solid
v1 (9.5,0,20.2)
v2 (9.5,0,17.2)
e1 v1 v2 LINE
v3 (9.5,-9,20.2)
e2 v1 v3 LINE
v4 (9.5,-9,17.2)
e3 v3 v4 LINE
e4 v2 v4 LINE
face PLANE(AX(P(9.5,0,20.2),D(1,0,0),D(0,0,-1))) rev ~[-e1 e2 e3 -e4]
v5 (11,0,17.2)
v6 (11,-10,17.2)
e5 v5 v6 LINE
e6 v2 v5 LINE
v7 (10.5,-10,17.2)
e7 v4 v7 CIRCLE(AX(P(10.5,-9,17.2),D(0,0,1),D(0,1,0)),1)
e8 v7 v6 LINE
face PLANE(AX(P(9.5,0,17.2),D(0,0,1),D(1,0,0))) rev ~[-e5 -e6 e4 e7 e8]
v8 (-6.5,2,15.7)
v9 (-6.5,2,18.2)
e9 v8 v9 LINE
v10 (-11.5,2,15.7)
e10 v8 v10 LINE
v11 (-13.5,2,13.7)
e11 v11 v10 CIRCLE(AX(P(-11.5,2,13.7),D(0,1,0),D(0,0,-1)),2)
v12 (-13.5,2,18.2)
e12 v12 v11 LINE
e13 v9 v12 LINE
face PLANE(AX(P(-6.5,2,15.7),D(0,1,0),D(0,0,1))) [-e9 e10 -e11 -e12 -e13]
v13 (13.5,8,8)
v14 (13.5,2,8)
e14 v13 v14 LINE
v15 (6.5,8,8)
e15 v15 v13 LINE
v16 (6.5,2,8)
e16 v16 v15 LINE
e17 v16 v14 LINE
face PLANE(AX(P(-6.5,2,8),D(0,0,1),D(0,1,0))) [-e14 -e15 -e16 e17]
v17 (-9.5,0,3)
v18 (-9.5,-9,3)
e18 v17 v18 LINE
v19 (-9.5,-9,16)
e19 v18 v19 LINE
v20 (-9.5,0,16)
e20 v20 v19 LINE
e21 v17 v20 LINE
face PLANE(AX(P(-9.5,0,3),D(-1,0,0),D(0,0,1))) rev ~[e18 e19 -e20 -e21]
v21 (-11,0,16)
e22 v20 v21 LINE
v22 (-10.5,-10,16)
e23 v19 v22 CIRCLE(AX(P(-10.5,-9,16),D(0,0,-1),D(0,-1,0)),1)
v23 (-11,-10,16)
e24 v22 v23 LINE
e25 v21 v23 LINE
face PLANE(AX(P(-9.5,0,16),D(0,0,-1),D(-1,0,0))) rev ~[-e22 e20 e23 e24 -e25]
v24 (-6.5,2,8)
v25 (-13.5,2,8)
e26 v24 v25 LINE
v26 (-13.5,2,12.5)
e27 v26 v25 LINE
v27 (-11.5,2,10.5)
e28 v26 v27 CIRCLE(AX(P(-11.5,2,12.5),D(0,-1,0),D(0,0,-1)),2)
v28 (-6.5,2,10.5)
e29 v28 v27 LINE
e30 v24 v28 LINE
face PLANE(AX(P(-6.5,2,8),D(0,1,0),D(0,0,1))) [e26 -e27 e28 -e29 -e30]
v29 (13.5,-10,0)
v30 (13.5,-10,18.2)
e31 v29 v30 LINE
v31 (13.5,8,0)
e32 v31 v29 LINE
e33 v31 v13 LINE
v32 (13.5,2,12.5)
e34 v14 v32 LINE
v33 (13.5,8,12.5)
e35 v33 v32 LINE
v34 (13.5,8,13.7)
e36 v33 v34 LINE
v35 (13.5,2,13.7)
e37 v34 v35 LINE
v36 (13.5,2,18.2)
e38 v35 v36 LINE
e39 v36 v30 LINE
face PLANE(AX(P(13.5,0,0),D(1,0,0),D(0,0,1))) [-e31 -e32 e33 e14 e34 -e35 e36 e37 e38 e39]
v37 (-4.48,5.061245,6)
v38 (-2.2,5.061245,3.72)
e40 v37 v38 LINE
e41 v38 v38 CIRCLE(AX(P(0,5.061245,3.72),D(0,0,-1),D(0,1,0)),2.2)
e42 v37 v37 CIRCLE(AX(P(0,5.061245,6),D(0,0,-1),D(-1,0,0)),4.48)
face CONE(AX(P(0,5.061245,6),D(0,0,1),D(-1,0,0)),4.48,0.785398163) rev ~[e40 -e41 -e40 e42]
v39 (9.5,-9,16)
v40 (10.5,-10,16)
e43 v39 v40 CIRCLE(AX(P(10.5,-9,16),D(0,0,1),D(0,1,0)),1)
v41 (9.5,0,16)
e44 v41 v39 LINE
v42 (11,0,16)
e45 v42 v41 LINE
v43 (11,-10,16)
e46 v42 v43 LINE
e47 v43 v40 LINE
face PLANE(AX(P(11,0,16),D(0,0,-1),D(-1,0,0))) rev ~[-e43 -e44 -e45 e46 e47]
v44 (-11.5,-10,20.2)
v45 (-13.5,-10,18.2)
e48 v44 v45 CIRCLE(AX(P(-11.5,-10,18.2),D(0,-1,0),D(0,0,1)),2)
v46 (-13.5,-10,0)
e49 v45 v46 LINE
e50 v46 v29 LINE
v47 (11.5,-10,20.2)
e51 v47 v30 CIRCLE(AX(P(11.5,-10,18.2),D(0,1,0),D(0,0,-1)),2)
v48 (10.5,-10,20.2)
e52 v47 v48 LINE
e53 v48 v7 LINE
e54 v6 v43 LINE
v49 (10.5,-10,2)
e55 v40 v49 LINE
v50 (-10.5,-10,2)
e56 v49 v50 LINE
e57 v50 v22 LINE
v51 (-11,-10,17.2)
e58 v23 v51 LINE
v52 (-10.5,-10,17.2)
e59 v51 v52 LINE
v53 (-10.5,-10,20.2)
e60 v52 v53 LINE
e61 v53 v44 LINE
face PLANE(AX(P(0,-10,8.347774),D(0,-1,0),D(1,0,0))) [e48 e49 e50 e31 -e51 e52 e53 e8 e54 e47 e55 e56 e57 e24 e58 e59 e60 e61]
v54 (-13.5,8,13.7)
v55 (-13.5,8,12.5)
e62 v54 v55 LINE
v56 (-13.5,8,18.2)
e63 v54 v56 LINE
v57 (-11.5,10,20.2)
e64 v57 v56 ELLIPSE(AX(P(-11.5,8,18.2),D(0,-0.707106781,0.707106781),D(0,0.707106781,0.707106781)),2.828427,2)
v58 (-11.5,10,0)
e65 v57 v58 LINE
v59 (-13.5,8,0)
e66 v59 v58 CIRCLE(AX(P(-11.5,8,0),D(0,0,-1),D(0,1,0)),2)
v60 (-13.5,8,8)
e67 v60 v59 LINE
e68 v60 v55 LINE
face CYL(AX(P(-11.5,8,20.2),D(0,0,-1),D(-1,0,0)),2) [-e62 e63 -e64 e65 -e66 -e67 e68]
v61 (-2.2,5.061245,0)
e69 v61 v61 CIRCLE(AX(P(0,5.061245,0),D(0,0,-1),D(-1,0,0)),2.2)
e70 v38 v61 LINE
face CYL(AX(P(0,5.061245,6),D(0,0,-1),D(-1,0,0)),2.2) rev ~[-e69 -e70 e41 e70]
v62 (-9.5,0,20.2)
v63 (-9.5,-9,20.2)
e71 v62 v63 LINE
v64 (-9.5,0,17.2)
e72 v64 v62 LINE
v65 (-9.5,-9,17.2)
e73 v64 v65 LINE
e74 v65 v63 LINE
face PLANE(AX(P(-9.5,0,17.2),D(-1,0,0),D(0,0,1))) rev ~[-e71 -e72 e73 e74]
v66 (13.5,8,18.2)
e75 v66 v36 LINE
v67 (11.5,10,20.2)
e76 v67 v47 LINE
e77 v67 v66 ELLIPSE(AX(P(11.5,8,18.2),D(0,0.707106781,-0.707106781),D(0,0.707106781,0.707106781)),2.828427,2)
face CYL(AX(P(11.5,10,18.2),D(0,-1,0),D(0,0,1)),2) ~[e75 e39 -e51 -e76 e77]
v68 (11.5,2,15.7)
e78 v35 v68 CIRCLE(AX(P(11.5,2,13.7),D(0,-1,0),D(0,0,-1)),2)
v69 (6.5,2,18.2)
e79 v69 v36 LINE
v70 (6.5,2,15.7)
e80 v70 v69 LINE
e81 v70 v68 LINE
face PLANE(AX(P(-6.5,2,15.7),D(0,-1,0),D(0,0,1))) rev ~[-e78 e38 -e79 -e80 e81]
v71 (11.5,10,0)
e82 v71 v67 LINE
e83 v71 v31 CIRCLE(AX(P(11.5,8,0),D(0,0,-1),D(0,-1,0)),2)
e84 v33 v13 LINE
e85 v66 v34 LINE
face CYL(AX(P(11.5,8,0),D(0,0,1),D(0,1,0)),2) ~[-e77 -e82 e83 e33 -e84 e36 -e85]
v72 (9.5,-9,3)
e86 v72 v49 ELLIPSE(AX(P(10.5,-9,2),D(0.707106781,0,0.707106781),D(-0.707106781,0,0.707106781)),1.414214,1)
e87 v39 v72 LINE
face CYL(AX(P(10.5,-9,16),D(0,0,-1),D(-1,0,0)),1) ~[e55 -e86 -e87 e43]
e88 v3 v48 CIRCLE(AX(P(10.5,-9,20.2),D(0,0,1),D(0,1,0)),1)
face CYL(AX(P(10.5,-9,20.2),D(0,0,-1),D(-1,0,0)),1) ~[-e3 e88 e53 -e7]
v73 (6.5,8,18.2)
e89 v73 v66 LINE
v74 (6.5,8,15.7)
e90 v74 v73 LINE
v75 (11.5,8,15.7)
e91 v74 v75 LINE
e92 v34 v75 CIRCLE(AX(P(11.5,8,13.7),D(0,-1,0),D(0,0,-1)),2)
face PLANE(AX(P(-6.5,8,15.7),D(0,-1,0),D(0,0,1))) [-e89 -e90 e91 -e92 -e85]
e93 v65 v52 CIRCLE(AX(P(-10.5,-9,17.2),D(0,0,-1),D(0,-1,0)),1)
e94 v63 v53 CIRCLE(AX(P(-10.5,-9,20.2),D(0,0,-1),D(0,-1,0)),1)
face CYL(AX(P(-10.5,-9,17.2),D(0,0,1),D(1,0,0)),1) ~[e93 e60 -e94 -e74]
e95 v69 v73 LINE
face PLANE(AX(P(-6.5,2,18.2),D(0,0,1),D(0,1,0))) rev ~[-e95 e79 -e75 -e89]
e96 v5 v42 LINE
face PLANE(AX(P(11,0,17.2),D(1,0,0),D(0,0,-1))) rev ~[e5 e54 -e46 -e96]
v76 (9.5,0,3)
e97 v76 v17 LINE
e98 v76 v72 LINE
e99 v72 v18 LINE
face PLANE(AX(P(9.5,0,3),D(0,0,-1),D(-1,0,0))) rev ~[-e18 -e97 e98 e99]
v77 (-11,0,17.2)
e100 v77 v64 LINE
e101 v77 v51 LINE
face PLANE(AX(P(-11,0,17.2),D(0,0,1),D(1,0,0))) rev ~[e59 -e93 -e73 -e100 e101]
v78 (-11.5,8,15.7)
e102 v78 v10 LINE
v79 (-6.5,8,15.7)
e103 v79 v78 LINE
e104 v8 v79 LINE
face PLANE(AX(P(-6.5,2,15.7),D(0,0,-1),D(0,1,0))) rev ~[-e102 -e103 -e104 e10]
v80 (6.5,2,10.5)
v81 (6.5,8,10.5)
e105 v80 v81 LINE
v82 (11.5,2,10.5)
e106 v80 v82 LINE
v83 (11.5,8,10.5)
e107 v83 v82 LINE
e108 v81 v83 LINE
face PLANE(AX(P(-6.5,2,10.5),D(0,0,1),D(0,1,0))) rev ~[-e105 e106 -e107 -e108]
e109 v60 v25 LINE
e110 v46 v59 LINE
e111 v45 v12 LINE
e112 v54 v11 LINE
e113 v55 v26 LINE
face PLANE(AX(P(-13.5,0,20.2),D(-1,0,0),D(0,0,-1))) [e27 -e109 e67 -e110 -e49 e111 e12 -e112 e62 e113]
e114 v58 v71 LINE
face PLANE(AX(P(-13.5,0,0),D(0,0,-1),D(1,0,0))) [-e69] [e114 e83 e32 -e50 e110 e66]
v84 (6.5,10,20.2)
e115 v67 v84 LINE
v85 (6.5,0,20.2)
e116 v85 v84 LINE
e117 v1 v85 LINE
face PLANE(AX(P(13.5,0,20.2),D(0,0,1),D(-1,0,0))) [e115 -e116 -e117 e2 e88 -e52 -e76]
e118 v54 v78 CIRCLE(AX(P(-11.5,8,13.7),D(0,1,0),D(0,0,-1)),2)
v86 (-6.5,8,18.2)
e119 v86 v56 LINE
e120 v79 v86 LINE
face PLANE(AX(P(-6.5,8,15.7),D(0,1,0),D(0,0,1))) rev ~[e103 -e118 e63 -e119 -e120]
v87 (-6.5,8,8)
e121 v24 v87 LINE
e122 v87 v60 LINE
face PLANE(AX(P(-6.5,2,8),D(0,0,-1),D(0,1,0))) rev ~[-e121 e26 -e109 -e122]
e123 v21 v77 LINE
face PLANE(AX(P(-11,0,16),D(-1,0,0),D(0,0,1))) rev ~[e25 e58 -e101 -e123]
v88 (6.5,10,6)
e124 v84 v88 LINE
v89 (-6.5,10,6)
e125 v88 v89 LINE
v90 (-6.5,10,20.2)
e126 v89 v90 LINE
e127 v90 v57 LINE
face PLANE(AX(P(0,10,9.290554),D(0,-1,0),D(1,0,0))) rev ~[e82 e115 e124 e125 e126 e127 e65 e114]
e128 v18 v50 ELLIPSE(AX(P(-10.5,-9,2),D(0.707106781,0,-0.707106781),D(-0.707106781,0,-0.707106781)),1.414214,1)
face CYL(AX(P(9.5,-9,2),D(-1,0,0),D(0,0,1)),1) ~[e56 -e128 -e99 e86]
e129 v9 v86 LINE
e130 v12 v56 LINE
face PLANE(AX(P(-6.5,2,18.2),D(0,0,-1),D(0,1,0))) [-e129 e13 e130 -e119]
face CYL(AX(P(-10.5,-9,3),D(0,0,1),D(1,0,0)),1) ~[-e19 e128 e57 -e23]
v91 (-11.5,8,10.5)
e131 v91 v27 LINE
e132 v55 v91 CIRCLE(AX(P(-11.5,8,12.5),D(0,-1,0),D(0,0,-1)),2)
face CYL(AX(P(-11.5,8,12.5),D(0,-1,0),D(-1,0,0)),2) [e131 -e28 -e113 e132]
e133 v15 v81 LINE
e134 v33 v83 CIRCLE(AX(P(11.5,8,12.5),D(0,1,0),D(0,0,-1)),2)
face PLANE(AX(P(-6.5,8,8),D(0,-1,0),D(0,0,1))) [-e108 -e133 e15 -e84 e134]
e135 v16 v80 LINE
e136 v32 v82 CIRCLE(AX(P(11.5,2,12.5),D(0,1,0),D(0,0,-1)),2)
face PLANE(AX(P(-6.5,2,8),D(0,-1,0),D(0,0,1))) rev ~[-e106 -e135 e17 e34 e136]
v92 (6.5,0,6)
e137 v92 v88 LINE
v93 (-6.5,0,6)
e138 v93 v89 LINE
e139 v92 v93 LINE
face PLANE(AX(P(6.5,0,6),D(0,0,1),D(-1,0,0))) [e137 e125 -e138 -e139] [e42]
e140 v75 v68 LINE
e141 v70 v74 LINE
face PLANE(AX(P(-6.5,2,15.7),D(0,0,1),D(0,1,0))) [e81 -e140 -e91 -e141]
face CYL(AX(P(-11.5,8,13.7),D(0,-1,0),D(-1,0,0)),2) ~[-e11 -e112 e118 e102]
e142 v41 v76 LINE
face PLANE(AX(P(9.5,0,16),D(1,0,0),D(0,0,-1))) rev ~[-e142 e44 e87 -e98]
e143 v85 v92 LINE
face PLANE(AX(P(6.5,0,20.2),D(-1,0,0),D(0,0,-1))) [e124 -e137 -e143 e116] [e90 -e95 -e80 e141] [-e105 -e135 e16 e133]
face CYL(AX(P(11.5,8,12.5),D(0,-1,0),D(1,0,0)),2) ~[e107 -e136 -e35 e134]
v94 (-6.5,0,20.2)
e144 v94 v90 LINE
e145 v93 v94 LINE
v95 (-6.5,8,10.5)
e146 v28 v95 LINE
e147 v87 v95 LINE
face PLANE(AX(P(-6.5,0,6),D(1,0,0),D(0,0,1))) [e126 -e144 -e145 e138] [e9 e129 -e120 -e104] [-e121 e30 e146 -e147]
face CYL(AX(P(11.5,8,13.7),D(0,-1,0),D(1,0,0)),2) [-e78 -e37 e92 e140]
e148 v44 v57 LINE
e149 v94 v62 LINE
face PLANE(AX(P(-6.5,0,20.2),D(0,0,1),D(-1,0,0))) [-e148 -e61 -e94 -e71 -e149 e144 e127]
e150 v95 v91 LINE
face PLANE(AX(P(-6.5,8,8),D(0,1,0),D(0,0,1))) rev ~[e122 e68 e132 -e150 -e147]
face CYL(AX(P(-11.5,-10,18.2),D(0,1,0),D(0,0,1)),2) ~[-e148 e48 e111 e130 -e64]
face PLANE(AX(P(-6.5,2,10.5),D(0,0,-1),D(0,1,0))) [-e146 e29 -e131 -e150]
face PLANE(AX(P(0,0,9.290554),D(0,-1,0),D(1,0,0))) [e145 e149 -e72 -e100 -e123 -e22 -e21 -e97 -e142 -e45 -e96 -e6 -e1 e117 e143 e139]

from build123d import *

# Parameters (mm, degrees)
F1_DEPTH       = 10
F3_DEPTH       = 10
F5_D           = 4.4
F5_CSINK_D     = 8.96
F5_CSINK_ANGLE = 90
F6_R           = 1
F7_R           = 2
F8_W           = 6
F8_H           = 2.5
F9_DEPTH       = 7.001
F9_DEPTH_BACK  = 20.001
F10_R          = 2


with BuildPart() as f1:
    # F0 (on Front) → F1 (new body)
    with BuildSketch(Plane.XZ):
        Polygon((-13.5, 20.2), (-13.5, 0), (13.5, 0), (13.5, 20.2), (9.5, 20.2), (9.5, 17.2), (11, 17.2), (11, 16), (9.5, 16), (9.5, 3), (-9.5, 3), (-9.5, 16), (-11, 16), (-11, 17.2), (-9.5, 17.2), (-9.5, 20.2), align=None)
    extrude(amount=F1_DEPTH)

    # F2 (on Front) → F3 (join)
    with BuildSketch(Plane.XZ):
        Polygon((-13.5, 0), (13.5, 0), (13.5, 20.2), (6.5, 20.2), (6.5, 6), (-6.5, 6), (-6.5, 20.2), (-13.5, 20.2), align=None)
    extrude(amount=-F3_DEPTH)

    # F5 (through all)
    with Locations(Plane.XY.offset(6)):
        with Locations((0, 5.0612445921)):
            CounterSinkHole(F5_D / 2, F5_CSINK_D / 2, counter_sink_angle=F5_CSINK_ANGLE)

    # F6
    f6_edges = [f1.edges().sort_by_distance(p)[0] for p in [
        (0, -10, 3),
        (-9.5, -10, 9.5),
        (-9.5, -10, 18.7),
        (9.5, -10, 18.7),
        (9.5, -10, 9.5),
    ]]
    fillet(f6_edges, radius=F6_R)

    # F7
    f7_edges = [f1.edges().sort_by_distance(p)[0] for p in [
        (-13.5, 0, 20.2),
        (-13.5, 10, 10.1),
        (13.5, 10, 10.1),
        (13.5, 0, 20.2),
    ]]
    fillet(f7_edges, radius=F7_R)

    # F8 (on face) → F9 (cut, two sides)
    with BuildSketch(Plane.YZ.offset(-6.5)) as f9_sk:
        with Locations((5, 16.95)):
            Rectangle(F8_W, F8_H)
        with Locations((5, 9.25)):
            Rectangle(F8_W, F8_H)
    extrude(amount=-F9_DEPTH, mode=Mode.SUBTRACT)
    extrude(f9_sk.sketch, amount=F9_DEPTH_BACK, mode=Mode.SUBTRACT)

    # F10
    f10_edges = [f1.edges().sort_by_distance(p)[0] for p in [
        (-13.5, 5, 15.7),
        (-13.5, 5, 10.5),
        (13.5, 5, 15.7),
        (13.5, 5, 10.5),
    ]]
    fillet(f10_edges, radius=F10_R)


solid = f1.part
